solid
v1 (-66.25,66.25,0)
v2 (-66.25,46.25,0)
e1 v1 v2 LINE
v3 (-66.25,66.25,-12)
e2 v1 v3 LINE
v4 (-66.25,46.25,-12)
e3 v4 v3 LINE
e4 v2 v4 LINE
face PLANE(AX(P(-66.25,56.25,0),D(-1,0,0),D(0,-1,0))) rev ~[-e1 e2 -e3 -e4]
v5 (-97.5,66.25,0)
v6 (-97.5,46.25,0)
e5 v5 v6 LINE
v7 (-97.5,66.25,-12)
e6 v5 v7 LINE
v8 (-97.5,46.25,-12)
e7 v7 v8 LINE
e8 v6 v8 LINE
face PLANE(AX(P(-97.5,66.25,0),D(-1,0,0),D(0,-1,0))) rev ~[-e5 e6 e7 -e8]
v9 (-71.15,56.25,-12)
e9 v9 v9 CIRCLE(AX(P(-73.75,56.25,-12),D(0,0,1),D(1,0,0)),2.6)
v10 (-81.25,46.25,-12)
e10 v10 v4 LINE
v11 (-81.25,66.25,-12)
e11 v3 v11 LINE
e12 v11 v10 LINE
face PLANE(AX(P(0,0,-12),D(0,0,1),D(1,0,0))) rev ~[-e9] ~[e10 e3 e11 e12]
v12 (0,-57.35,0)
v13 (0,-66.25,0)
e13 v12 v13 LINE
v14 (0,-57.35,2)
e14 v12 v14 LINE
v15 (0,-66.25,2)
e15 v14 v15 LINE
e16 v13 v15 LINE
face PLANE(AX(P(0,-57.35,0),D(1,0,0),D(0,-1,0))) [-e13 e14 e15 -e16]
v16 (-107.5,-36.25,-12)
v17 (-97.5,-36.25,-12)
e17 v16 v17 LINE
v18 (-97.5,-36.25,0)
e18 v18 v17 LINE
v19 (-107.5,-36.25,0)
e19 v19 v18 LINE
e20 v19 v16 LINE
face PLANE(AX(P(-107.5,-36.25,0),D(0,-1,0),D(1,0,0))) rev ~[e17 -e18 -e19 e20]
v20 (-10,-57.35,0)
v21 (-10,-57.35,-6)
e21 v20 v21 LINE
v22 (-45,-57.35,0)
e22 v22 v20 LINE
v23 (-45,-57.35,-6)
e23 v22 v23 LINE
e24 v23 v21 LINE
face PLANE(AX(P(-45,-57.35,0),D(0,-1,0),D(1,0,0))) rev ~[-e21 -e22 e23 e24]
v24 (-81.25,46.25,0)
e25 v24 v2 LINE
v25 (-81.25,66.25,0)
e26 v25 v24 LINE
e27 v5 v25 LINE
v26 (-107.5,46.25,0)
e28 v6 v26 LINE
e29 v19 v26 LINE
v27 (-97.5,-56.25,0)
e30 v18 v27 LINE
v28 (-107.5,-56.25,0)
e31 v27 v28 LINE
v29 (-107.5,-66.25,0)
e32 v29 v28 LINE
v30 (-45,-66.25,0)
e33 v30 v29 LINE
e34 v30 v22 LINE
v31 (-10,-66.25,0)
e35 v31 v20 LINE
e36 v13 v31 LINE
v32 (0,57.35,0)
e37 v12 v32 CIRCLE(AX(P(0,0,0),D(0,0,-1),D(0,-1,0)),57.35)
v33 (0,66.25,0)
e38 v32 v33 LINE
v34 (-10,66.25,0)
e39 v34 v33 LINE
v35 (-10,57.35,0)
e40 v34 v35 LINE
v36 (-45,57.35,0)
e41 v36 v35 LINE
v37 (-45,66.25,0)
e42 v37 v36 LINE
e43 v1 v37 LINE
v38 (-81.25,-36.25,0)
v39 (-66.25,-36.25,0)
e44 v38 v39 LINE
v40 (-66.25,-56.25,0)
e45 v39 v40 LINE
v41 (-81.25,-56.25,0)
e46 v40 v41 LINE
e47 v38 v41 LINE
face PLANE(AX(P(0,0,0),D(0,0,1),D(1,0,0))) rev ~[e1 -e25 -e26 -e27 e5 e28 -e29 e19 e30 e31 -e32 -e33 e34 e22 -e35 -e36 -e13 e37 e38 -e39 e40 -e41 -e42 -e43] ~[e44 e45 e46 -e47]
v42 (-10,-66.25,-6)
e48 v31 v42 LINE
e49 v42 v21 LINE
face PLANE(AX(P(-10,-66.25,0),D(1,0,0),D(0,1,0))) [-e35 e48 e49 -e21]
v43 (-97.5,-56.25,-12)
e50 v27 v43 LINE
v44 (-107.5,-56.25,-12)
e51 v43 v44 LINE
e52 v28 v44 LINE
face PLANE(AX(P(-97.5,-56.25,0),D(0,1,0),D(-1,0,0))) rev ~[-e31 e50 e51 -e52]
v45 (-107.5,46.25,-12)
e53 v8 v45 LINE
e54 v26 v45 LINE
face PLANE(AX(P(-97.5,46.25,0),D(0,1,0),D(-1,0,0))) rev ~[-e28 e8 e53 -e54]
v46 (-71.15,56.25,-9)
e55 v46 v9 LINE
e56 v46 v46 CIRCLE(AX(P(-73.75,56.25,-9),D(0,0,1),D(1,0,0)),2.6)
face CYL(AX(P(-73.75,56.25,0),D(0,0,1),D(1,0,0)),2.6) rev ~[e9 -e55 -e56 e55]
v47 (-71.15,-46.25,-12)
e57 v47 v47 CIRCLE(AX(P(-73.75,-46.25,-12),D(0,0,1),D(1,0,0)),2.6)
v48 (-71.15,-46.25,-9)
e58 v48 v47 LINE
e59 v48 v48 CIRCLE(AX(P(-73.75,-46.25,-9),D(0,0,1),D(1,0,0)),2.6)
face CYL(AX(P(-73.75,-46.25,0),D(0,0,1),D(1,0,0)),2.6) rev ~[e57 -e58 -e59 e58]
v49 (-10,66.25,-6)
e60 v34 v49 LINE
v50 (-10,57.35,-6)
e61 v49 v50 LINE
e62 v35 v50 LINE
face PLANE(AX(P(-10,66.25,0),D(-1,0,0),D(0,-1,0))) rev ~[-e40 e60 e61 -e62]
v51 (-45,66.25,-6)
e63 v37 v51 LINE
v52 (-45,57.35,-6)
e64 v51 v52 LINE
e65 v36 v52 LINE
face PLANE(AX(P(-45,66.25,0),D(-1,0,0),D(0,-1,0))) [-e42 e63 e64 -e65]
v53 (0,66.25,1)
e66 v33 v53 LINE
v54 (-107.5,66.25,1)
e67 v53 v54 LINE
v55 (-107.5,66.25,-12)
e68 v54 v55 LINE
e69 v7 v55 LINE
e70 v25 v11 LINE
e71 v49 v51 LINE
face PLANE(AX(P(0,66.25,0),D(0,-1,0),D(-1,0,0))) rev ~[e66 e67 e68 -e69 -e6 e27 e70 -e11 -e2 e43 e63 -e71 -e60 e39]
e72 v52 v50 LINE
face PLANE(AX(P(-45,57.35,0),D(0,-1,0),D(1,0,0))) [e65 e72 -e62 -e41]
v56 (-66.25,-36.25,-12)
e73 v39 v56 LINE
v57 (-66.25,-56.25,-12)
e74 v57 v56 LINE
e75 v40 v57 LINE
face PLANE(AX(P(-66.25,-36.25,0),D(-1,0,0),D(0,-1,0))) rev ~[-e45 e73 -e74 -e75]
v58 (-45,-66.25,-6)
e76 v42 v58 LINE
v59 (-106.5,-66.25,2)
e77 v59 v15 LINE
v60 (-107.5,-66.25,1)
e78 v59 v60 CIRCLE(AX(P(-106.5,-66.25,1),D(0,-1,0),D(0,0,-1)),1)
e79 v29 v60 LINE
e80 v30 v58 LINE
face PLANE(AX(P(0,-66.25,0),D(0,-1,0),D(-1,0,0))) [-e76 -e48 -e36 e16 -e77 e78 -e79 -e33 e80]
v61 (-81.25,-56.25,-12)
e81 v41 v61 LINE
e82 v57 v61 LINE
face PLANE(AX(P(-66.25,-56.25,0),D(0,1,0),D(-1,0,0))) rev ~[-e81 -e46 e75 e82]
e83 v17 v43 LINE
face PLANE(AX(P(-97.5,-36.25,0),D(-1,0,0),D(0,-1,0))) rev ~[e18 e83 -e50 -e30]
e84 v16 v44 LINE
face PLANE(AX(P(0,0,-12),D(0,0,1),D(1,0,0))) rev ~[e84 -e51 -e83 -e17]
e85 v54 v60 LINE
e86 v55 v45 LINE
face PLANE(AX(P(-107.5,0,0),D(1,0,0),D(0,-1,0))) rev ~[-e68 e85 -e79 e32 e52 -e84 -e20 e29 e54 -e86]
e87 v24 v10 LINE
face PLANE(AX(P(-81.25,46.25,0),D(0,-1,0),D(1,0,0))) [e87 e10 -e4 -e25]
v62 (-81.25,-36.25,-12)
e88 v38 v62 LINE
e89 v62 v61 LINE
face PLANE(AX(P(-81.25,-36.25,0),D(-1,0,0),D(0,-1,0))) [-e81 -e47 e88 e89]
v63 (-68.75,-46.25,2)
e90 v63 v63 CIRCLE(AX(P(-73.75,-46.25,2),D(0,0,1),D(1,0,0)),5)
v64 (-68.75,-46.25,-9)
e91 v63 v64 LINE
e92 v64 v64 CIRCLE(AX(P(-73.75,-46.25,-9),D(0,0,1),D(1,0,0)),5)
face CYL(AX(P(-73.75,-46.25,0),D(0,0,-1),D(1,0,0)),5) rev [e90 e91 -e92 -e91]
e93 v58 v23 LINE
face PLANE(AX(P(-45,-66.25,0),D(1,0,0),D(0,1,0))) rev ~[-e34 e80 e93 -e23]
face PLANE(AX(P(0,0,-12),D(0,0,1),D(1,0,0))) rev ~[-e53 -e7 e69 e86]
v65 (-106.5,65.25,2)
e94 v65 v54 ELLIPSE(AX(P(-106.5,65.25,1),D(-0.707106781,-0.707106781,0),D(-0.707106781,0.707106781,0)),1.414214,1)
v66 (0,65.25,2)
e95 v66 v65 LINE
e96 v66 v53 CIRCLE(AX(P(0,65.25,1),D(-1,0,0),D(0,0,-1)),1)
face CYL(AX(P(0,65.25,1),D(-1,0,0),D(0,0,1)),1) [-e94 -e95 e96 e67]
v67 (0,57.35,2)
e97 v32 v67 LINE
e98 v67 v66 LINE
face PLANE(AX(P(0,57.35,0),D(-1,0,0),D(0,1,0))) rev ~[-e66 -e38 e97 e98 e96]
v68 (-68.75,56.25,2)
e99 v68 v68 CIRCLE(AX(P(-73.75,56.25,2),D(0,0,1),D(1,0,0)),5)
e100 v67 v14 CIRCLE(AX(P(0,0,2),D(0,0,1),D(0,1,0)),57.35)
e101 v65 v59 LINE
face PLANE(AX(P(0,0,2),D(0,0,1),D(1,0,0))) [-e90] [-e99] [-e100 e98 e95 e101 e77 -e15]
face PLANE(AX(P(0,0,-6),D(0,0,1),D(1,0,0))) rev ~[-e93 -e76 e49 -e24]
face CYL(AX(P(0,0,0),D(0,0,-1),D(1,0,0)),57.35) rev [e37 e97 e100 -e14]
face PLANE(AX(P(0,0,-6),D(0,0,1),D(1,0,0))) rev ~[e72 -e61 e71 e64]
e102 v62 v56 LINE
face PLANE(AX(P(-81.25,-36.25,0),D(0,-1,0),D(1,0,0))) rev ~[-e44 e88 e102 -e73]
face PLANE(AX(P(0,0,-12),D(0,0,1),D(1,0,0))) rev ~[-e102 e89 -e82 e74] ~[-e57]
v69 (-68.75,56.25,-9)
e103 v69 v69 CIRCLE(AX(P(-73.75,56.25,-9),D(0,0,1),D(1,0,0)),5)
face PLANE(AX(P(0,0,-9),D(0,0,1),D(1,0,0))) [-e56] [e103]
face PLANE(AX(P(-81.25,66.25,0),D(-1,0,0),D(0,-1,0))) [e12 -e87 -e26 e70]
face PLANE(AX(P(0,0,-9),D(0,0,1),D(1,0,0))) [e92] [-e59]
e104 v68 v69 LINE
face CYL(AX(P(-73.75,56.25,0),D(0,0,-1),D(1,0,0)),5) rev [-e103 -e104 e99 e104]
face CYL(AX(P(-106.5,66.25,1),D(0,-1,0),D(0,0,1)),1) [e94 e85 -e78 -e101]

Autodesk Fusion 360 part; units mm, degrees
sketch "스케치1" plane through (0, 0, 0) normal (0, 0, 1) x (1, 0, 0)
  line L0 (0, 0) -> (-66.25, 0)
  line L1 (-66.25, 0) -> (-107.5, 0)
  circle A0 centre (0, 0) radius 57.35
  line L2 (0, 57.35) -> (0, -57.35)
  line L3 (0, 0) -> (0, 66.25)
  line L4 (0, 66.25) -> (-107.5, 66.25)
  line L5 (-107.5, 66.25) -> (-107.5, 46.25)
  line L6 (-107.5, 46.25) -> (-107.5, -36.25)
  line L7 (-107.5, -36.25) -> (-107.5, -56.25)
  line L8 (0, 0) -> (0, -66.25)
  line L9 (0, -66.25) -> (-107.5, -66.25)
  line L10 (-107.5, -56.25) -> (-107.5, -66.25)
  line L11 (-66.25, 66.25) -> (-66.25, -66.25)
  line L12 (-66.25, 66.25) -> (-81.25, 66.25)
  line L13 (-81.25, 66.25) -> (-81.25, 46.25)
  line L14 (-81.25, 46.25) -> (-66.25, 46.25)
  line L15 (-66.25, 46.25) -> (-66.25, 66.25)
  line L16 (-107.5, 66.25) -> (-97.5, 66.25)
  line L17 (-97.5, 66.25) -> (-97.5, 46.25)
  line L18 (-97.5, 46.25) -> (-107.5, 46.25)
  line L19 (-107.5, 46.25) -> (-107.5, 66.25)
  line L20 (-107.5, -36.25) -> (-66.25, -36.25)
  line L21 (-66.25, -36.25) -> (-66.25, -56.25)
  line L22 (-66.25, -56.25) -> (-107.5, -56.25)
  line L23 (-107.5, -56.25) -> (-107.5, -36.25)
  line L24 (-66.25, -36.25) -> (-81.25, -36.25)
  line L25 (-81.25, -36.25) -> (-81.25, -56.25)
  line L26 (-81.25, -56.25) -> (-66.25, -56.25)
  line L27 (-66.25, -56.25) -> (-66.25, -36.25)
  line L28 (-107.5, -36.25) -> (-97.5, -36.25)
  line L29 (-97.5, -36.25) -> (-97.5, -56.25)
  line L30 (-97.5, -56.25) -> (-107.5, -56.25)
  line L31 (-107.5, -56.25) -> (-107.5, -36.25)
  circle A1 centre (-73.75, 56.25) radius 2.6
  circle A2 centre (-73.75, -46.25) radius 2.6
  circle A3 centre (-73.75, 56.25) radius 5
  circle A4 centre (-73.75, -46.25) radius 5
  line L32 (-66.25, 66.25) -> (-56.25, 66.25)
  line L33 (-56.25, 66.25) -> (-56.25, 56.25)
  line L34 (-56.25, 56.25) -> (-66.25, 56.25)
  line L35 (-66.25, 56.25) -> (-66.25, 66.25)
  circle A5 centre (-56.25, 56.25) radius 5
  line L36 (-66.25, -66.25) -> (-56.25, -66.25)
  line L37 (-56.25, -66.25) -> (-56.25, -46.25)
  line L38 (-56.25, -46.25) -> (-66.25, -46.25)
  line L39 (-66.25, -46.25) -> (-66.25, -66.25)
  circle A6 centre (-56.25, -46.25) radius 5
  line L40 (0, -66.25) -> (-45, -66.25)
  line L41 (-45, -66.25) -> (-45, -57.35)
  line L42 (-45, -57.35) -> (0, -57.35)
  line L43 (0, -57.35) -> (0, -66.25)
  line L44 (0, -66.25) -> (-10, -66.25)
  line L45 (-10, -66.25) -> (-10, -57.35)
  line L46 (-10, -57.35) -> (0, -57.35)
  line L47 (0, -57.35) -> (0, -66.25)
  line L48 (0, 66.25) -> (-45, 66.25)
  line L49 (-45, 66.25) -> (-45, 57.35)
  line L50 (-45, 57.35) -> (0, 57.35)
  line L51 (0, 57.35) -> (0, 66.25)
  line L52 (0, 66.25) -> (-10, 66.25)
  line L53 (-10, 66.25) -> (-10, 57.35)
  line L54 (-10, 57.35) -> (0, 57.35)
  line L55 (0, 57.35) -> (0, 66.25)
  dimension "d1" = 66.25
  dimension "d2" = 41.25
  dimension "d3" = 114.7
  dimension "d4" = 66.25
  dimension "d5" = 20
  dimension "d6" = 82.5
  dimension "d7" = 20
  dimension "d8" = 66.25
  dimension "d9" = 15
  dimension "d10" = 20
  dimension "d11" = 10
  dimension "d12" = 20
  dimension "d13" = 20
  dimension "d14" = 15
  dimension "d15" = 20
  dimension "d16" = 10
  dimension "d17" = 5.2
  dimension "d18" = 5.2
  dimension "d19" = 10
  dimension "d20" = 10
  dimension "d21" = 10
  dimension "d22" = 10
  dimension "d23" = 10
  dimension "d24" = 10
  dimension "d25" = 20
  dimension "d26" = 10
  dimension "d31" = 45
  dimension "d32" = 10
  dimension "d35" = 45
  dimension "d36" = 10
extrude "돌출1" add sketch "스케치1" along normal blind 2 contours L0 A0 L9 L11 L21 L27 L37 L38 A6 L41 L42 L46 | L0 A0 L4 L11 L15 L33 L34 A5 L49 L50 L54 | L3 L4 L48 L50 L51 L52 L53 L54 L55 | L8 L9 L40 L42 L43 L44 L45 L46 L47 | L1 L6 L11 L20 L24 L28 | L1 L4 L6 L11 L13 L14 L17 L18 | L4 L48 L49 L50 L53 | L9 L40 L41 L42 L45 | L4 L11 L12 L13 L14 L15 L35 | L11 L20 L21 L22 L24 L25 L26 L27 L39 | L4 L5 L16 L17 L18 L19 | L7 L20 L22 L23 L28 L29 L30 L31 | L4 L11 L15 L32 L33 L34 L35 A5 | L9 L11 L21 L27 L36 L37 L38 L39 A6 | L20 L22 L25 L29 | L9 L10 L11 L22 L26 L30 L39 | L33 L34 A5 | L33 L34 A5 | L37 L38 A6 | L37 L38 A6
extrude "돌출2" add sketch "스케치1" against normal blind 12 contours L4 L11 L12 L13 L14 L15 L35 | L11 L20 L21 L22 L24 L25 L26 L27 L39 | L4 L5 L16 L17 L18 L19 | L7 L20 L22 L23 L28 L29 L30 L31 | A3 | A4
extrude "돌출3" add sketch "스케치1" against normal blind 6 contours L4 L48 L49 L50 L53 | L9 L40 L41 L42 L45
extrude "돌출4" cut 2 faces at (-69.5686, 56.0016, 0) (-69.5686, -46.4984, 0) along direction (0, 0, -1) blind 9
fillet "필렛2" radius 1 2 edges at (-53.75, 66.25, 2) (-107.5, 0, 2)
